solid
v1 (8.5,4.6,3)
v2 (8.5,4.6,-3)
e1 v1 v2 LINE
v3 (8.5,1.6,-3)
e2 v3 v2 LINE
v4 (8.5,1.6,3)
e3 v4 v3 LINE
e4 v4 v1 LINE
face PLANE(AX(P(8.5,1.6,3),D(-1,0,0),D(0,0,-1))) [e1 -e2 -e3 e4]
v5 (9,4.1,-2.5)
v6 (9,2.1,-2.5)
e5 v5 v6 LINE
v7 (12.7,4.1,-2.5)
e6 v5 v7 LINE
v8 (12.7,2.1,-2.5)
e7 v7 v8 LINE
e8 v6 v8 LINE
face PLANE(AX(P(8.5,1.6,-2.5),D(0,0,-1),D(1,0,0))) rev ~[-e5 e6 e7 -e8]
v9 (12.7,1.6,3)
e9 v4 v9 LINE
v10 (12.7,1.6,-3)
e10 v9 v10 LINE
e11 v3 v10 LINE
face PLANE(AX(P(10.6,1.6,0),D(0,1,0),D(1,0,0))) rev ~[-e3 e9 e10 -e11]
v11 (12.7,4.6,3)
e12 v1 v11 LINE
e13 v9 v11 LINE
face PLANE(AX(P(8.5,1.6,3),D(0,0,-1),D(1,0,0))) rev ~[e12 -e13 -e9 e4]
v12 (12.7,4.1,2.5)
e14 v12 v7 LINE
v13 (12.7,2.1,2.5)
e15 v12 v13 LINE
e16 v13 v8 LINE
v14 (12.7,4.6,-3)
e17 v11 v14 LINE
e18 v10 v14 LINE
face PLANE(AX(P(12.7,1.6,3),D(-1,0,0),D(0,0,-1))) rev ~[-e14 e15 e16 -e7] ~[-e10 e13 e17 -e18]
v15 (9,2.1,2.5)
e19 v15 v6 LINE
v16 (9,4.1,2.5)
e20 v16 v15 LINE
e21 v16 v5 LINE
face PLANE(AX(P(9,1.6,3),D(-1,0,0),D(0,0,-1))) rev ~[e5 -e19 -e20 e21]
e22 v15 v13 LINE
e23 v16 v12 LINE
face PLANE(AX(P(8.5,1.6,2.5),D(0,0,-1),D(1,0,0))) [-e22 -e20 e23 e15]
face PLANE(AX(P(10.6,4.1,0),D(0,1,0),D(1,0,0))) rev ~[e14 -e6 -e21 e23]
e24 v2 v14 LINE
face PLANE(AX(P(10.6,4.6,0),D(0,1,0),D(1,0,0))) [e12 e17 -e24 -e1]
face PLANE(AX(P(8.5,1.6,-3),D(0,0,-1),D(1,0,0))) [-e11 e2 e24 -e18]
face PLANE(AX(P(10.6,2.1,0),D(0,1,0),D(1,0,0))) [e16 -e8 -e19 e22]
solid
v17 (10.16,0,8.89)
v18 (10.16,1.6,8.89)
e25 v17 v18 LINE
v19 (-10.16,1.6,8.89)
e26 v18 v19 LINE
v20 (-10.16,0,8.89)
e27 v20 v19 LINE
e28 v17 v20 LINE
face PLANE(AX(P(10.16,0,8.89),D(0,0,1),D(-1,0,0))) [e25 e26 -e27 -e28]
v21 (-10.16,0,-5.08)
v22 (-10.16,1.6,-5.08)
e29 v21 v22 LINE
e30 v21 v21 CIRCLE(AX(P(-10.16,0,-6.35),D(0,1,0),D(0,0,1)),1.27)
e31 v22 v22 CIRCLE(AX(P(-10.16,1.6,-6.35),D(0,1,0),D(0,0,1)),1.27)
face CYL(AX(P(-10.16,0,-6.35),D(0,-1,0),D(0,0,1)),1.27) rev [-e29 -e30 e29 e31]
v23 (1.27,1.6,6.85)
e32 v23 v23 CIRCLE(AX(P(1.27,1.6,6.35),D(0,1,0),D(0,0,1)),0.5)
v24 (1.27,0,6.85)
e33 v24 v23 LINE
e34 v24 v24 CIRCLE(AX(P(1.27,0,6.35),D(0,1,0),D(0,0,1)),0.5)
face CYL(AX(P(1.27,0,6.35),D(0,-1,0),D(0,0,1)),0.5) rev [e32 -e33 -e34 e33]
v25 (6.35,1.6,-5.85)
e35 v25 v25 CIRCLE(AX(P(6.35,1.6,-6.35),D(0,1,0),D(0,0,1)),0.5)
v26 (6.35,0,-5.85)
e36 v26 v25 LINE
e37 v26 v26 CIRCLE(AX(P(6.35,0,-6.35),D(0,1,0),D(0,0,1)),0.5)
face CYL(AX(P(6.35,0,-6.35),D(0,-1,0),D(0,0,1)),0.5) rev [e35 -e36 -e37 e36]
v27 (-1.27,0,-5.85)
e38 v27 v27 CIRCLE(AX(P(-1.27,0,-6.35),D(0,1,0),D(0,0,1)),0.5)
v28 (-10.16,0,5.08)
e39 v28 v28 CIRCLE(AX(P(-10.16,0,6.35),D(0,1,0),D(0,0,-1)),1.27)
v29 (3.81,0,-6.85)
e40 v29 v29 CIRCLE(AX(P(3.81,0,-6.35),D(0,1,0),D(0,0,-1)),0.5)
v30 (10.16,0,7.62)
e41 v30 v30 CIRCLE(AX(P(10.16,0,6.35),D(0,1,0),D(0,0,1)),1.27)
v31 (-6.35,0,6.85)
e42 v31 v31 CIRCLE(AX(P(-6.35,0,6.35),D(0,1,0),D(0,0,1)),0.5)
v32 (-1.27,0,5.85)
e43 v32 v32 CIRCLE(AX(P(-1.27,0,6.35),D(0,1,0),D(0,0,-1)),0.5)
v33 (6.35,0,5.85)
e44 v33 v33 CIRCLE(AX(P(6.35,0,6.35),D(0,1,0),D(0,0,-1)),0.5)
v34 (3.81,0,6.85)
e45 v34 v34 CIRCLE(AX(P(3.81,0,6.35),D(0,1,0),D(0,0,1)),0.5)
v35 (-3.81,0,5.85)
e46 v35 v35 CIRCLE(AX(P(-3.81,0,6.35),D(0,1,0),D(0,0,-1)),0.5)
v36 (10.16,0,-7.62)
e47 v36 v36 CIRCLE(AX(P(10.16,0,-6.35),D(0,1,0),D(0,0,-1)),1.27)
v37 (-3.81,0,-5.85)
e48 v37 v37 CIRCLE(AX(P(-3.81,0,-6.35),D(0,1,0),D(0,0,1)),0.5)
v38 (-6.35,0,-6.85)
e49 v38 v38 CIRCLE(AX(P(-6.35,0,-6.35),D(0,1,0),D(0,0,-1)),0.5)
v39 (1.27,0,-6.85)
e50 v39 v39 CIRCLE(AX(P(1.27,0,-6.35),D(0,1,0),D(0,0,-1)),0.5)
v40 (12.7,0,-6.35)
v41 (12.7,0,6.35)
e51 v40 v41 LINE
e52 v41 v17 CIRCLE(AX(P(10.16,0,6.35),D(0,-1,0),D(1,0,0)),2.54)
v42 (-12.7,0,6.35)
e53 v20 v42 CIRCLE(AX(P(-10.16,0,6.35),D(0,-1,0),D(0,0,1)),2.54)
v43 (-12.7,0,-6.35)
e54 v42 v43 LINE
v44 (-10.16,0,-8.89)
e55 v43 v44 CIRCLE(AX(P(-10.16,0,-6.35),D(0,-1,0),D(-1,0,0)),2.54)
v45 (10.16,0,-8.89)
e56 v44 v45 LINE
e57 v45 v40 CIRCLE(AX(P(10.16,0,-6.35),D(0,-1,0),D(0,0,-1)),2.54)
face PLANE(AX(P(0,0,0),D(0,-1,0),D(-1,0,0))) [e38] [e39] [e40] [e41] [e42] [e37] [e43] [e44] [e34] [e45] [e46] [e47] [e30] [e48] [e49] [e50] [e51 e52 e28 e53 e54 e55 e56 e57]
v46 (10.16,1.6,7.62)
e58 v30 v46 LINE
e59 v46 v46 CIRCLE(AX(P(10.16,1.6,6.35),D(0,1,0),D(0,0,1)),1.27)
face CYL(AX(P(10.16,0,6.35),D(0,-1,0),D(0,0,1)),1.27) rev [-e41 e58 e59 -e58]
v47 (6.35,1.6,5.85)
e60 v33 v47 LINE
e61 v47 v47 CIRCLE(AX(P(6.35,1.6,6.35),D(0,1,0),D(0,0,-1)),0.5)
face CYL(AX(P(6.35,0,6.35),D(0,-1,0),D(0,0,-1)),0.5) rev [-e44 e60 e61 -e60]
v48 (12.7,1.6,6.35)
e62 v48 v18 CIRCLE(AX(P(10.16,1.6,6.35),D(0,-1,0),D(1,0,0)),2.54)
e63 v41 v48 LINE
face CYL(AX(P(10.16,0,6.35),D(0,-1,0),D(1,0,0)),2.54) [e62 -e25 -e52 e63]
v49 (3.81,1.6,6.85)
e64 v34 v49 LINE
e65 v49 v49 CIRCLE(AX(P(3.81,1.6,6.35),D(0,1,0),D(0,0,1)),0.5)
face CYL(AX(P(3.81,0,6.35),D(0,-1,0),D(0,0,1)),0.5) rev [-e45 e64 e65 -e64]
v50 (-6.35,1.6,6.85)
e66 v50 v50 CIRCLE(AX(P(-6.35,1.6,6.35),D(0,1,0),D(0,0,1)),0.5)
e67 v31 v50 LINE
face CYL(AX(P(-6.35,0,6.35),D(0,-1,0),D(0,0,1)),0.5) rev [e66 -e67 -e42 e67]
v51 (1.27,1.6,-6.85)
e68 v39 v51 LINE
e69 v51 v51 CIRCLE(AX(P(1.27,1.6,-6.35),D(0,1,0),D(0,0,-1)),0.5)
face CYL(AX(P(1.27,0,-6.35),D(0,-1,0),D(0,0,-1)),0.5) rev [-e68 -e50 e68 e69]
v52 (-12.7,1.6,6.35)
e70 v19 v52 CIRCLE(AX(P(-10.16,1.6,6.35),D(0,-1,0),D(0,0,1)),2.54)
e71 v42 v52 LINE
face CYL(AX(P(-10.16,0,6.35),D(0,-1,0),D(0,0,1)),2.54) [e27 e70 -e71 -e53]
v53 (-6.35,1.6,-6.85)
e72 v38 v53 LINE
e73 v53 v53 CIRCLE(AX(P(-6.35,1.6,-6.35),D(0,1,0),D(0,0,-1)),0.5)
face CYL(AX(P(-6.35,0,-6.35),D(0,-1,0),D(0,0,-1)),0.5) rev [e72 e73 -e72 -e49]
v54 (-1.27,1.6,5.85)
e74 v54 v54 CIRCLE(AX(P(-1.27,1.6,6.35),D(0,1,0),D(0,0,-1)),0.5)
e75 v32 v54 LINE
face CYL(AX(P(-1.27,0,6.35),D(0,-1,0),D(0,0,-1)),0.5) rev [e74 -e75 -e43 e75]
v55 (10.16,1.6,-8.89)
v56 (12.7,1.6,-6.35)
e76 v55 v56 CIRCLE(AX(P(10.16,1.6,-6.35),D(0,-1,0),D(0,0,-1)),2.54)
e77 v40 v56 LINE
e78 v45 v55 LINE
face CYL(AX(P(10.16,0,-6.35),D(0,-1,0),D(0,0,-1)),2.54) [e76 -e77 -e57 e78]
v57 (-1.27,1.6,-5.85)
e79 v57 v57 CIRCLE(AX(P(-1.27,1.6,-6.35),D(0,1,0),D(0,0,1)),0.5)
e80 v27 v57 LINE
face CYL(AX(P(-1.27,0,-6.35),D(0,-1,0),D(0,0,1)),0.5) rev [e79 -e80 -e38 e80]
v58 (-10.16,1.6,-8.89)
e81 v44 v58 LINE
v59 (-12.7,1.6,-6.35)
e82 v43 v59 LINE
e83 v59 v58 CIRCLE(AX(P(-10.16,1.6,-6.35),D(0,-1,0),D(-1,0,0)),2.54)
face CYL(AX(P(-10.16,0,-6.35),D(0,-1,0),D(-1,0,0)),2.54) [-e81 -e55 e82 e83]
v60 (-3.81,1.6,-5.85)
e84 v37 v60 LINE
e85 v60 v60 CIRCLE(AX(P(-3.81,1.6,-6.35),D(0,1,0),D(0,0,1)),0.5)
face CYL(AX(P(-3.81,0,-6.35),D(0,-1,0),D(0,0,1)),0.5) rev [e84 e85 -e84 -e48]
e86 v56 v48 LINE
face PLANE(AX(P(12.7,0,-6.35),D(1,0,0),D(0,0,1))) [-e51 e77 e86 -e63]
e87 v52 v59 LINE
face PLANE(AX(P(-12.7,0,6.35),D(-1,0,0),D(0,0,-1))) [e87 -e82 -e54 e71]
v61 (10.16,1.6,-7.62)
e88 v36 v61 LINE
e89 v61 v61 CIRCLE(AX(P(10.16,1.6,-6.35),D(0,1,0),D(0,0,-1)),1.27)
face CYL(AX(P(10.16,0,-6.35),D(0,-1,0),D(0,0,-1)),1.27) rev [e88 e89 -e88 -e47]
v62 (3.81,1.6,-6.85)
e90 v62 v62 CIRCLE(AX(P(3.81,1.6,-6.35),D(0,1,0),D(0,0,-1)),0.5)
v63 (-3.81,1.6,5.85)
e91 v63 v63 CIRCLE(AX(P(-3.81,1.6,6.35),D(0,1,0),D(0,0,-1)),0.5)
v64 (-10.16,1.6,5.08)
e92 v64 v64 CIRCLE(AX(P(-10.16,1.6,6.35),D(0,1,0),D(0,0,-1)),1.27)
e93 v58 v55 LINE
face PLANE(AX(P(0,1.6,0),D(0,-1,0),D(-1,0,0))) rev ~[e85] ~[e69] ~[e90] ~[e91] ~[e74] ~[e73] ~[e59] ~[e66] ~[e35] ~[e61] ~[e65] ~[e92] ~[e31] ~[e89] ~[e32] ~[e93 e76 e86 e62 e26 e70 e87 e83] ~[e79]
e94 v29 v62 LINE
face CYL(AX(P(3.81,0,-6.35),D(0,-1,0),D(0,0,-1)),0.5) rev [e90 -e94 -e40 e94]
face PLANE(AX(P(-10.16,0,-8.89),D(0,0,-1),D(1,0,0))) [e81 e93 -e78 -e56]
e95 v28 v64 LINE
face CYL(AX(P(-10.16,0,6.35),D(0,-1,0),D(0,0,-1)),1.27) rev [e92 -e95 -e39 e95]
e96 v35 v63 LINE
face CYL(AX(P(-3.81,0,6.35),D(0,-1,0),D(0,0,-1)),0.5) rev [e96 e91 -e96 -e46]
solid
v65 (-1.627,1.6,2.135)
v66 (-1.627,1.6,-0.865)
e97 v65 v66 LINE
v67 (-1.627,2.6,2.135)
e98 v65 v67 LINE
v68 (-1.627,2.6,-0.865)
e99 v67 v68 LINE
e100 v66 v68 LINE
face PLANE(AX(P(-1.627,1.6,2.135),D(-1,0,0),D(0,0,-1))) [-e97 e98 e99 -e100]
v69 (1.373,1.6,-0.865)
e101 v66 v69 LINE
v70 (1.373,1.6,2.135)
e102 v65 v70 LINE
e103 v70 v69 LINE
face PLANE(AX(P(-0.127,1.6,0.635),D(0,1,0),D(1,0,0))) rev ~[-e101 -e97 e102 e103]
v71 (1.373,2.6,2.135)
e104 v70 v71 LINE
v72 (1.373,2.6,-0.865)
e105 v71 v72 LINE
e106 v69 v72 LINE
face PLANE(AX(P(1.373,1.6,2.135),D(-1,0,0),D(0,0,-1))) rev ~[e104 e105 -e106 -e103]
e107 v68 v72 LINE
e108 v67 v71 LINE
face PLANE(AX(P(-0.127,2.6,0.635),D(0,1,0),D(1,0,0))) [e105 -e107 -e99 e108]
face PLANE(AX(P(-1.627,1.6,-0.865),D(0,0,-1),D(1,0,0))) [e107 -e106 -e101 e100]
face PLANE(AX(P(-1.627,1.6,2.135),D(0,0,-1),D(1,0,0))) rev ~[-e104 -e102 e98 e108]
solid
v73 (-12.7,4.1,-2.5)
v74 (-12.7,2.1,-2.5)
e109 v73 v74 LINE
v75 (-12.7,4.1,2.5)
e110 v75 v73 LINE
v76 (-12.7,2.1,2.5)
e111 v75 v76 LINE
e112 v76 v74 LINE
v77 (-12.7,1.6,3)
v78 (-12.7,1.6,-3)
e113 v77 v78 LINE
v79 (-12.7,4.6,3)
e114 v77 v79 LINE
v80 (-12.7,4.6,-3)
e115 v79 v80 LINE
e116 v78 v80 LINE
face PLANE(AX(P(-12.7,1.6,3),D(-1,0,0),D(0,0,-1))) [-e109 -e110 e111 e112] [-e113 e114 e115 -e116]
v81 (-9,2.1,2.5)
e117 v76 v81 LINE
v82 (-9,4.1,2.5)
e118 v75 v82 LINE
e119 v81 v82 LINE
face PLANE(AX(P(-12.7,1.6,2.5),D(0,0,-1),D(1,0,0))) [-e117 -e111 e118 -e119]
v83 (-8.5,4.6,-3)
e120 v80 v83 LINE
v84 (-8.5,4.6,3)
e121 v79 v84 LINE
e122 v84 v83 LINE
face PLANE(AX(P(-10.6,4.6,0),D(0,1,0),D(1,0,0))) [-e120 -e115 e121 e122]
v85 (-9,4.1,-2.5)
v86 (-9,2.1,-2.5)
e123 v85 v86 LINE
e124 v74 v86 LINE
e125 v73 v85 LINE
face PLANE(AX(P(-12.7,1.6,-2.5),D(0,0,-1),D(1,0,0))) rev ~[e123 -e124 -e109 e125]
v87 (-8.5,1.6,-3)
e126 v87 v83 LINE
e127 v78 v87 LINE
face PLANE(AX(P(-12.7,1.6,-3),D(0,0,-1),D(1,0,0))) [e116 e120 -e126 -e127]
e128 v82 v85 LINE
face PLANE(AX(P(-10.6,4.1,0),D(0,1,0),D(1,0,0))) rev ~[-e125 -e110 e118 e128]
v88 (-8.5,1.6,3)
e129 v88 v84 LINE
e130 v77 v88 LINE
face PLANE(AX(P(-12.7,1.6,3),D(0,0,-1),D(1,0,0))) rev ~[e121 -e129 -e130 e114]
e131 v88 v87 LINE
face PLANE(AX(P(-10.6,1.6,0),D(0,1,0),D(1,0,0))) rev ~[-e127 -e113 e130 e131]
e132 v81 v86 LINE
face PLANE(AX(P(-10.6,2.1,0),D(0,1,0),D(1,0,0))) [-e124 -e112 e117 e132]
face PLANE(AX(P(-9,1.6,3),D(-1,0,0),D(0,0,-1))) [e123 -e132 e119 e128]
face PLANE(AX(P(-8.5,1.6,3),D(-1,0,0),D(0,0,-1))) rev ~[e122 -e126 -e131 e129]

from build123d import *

# Parameters (mm, degrees)
SKETCH1_R             = 1.27
SKETCH1_R_2           = 0.5
BOSS_EXTRUDE1_DEPTH   = 1.6
SKETCH2_W             = 3
SKETCH2_H             = 3
BOSS_EXTRUDE2_DEPTH   = 1
SKETCH3_W             = 4.2
SKETCH3_H             = 6
BOSS_EXTRUDE3_DEPTH   = 3
BOSS_EXTRUDE3_2_DEPTH = 3
SHELL1_T              = -0.5
SHELL2_T              = -0.5


with BuildPart() as part:
    # Sketch1 → Boss-Extrude1 (new body)
    with BuildSketch(Plane(origin=(0, 0, 0), x_dir=(1, 0, 0), z_dir=(0, 1, 0))):
        with BuildLine():
            Line((-10.16, 8.89), (10.16, 8.89))
            ThreePointArc((10.16, 8.89), (11.956051224, 8.146051224), (12.7, 6.35))
            Line((12.7, 6.35), (12.7, -6.35))
            ThreePointArc((12.7, -6.35), (11.956051224, -8.146051224), (10.16, -8.89))
            Line((10.16, -8.89), (-10.16, -8.89))
            ThreePointArc((-10.16, -8.89), (-11.956051224, -8.146051224), (-12.7, -6.35))
            Line((-12.7, -6.35), (-12.7, 6.35))
            ThreePointArc((-12.7, 6.35), (-11.956051224, 8.146051224), (-10.16, 8.89))
        make_face()
        with Locations(Location((-10.16, 6.35, 0), (0, 0, 270))):
            Circle(SKETCH1_R, mode=Mode.SUBTRACT)
        with Locations(Location((10.16, 6.35, 0), (0, 0, 90))):
            Circle(SKETCH1_R, mode=Mode.SUBTRACT)
        with Locations(Location((-1.27, -6.35, 0), (0, 0, 90))):
            Circle(SKETCH1_R_2, mode=Mode.SUBTRACT)
        with Locations(Location((-3.81, -6.35, 0), (0, 0, 90))):
            Circle(SKETCH1_R_2, mode=Mode.SUBTRACT)
        with Locations(Location((-6.35, -6.35, 0), (0, 0, 270))):
            Circle(SKETCH1_R_2, mode=Mode.SUBTRACT)
        with Locations(Location((1.27, -6.35, 0), (0, 0, 270))):
            Circle(SKETCH1_R_2, mode=Mode.SUBTRACT)
        with Locations(Location((3.81, -6.35, 0), (0, 0, 270))):
            Circle(SKETCH1_R_2, mode=Mode.SUBTRACT)
        with Locations(Location((6.35, -6.35, 0), (0, 0, 90))):
            Circle(SKETCH1_R_2, mode=Mode.SUBTRACT)
        with Locations(Location((6.35, 6.35, 0), (0, 0, 270))):
            Circle(SKETCH1_R_2, mode=Mode.SUBTRACT)
        with Locations(Location((3.81, 6.35, 0), (0, 0, 90))):
            Circle(SKETCH1_R_2, mode=Mode.SUBTRACT)
        with Locations(Location((1.27, 6.35, 0), (0, 0, 90))):
            Circle(SKETCH1_R_2, mode=Mode.SUBTRACT)
        with Locations(Location((-1.27, 6.35, 0), (0, 0, 270))):
            Circle(SKETCH1_R_2, mode=Mode.SUBTRACT)
        with Locations(Location((-3.81, 6.35, 0), (0, 0, 270))):
            Circle(SKETCH1_R_2, mode=Mode.SUBTRACT)
        with Locations(Location((-6.35, 6.35, 0), (0, 0, 90))):
            Circle(SKETCH1_R_2, mode=Mode.SUBTRACT)
        with Locations(Location((10.16, -6.35, 0), (0, 0, 270))):
            Circle(SKETCH1_R, mode=Mode.SUBTRACT)
        with Locations(Location((-10.16, -6.35, 0), (0, 0, 90))):
            Circle(SKETCH1_R, mode=Mode.SUBTRACT)
    extrude(amount=BOSS_EXTRUDE1_DEPTH)


with BuildPart() as body_2:
    # Sketch2 → Boss-Extrude2 (new body)
    with BuildSketch(Plane(origin=(0, 1.6, 0), x_dir=(1, 0, 0), z_dir=(0, 1, 0))):
        with Locations((-0.127, -0.635)):
            Rectangle(SKETCH2_W, SKETCH2_H)
    extrude(amount=BOSS_EXTRUDE2_DEPTH)


with BuildPart() as body_3:
    # Sketch3 → Boss-Extrude3 (new body)
    with BuildSketch(Plane(origin=(0, 1.6, 0), x_dir=(1, 0, 0), z_dir=(0, 1, 0))):
        with Locations((10.6, 0)):
            Rectangle(SKETCH3_W, SKETCH3_H)
    extrude(amount=BOSS_EXTRUDE3_DEPTH)

    # Shell2
    shell2_openings = [body_3.faces().sort_by_distance(p)[0] for p in [
        (12.7, 3.1, 0),
    ]]
    offset(amount=SHELL2_T, openings=shell2_openings, kind=Kind.INTERSECTION)


with BuildPart() as body_4:
    # Sketch3 → Boss-Extrude3 2 (new body)
    with BuildSketch(Plane(origin=(0, 1.6, 0), x_dir=(1, 0, 0), z_dir=(0, 1, 0))):
        with Locations((-10.6, 0)):
            Rectangle(SKETCH3_W, SKETCH3_H)
    extrude(amount=BOSS_EXTRUDE3_2_DEPTH)

    # Shell1
    shell1_openings = [body_4.faces().sort_by_distance(p)[0] for p in [
        (-12.7, 3.1, 0),
    ]]
    offset(amount=SHELL1_T, openings=shell1_openings, kind=Kind.INTERSECTION)


solid = Compound([part.part, body_2.part, body_3.part, body_4.part])
